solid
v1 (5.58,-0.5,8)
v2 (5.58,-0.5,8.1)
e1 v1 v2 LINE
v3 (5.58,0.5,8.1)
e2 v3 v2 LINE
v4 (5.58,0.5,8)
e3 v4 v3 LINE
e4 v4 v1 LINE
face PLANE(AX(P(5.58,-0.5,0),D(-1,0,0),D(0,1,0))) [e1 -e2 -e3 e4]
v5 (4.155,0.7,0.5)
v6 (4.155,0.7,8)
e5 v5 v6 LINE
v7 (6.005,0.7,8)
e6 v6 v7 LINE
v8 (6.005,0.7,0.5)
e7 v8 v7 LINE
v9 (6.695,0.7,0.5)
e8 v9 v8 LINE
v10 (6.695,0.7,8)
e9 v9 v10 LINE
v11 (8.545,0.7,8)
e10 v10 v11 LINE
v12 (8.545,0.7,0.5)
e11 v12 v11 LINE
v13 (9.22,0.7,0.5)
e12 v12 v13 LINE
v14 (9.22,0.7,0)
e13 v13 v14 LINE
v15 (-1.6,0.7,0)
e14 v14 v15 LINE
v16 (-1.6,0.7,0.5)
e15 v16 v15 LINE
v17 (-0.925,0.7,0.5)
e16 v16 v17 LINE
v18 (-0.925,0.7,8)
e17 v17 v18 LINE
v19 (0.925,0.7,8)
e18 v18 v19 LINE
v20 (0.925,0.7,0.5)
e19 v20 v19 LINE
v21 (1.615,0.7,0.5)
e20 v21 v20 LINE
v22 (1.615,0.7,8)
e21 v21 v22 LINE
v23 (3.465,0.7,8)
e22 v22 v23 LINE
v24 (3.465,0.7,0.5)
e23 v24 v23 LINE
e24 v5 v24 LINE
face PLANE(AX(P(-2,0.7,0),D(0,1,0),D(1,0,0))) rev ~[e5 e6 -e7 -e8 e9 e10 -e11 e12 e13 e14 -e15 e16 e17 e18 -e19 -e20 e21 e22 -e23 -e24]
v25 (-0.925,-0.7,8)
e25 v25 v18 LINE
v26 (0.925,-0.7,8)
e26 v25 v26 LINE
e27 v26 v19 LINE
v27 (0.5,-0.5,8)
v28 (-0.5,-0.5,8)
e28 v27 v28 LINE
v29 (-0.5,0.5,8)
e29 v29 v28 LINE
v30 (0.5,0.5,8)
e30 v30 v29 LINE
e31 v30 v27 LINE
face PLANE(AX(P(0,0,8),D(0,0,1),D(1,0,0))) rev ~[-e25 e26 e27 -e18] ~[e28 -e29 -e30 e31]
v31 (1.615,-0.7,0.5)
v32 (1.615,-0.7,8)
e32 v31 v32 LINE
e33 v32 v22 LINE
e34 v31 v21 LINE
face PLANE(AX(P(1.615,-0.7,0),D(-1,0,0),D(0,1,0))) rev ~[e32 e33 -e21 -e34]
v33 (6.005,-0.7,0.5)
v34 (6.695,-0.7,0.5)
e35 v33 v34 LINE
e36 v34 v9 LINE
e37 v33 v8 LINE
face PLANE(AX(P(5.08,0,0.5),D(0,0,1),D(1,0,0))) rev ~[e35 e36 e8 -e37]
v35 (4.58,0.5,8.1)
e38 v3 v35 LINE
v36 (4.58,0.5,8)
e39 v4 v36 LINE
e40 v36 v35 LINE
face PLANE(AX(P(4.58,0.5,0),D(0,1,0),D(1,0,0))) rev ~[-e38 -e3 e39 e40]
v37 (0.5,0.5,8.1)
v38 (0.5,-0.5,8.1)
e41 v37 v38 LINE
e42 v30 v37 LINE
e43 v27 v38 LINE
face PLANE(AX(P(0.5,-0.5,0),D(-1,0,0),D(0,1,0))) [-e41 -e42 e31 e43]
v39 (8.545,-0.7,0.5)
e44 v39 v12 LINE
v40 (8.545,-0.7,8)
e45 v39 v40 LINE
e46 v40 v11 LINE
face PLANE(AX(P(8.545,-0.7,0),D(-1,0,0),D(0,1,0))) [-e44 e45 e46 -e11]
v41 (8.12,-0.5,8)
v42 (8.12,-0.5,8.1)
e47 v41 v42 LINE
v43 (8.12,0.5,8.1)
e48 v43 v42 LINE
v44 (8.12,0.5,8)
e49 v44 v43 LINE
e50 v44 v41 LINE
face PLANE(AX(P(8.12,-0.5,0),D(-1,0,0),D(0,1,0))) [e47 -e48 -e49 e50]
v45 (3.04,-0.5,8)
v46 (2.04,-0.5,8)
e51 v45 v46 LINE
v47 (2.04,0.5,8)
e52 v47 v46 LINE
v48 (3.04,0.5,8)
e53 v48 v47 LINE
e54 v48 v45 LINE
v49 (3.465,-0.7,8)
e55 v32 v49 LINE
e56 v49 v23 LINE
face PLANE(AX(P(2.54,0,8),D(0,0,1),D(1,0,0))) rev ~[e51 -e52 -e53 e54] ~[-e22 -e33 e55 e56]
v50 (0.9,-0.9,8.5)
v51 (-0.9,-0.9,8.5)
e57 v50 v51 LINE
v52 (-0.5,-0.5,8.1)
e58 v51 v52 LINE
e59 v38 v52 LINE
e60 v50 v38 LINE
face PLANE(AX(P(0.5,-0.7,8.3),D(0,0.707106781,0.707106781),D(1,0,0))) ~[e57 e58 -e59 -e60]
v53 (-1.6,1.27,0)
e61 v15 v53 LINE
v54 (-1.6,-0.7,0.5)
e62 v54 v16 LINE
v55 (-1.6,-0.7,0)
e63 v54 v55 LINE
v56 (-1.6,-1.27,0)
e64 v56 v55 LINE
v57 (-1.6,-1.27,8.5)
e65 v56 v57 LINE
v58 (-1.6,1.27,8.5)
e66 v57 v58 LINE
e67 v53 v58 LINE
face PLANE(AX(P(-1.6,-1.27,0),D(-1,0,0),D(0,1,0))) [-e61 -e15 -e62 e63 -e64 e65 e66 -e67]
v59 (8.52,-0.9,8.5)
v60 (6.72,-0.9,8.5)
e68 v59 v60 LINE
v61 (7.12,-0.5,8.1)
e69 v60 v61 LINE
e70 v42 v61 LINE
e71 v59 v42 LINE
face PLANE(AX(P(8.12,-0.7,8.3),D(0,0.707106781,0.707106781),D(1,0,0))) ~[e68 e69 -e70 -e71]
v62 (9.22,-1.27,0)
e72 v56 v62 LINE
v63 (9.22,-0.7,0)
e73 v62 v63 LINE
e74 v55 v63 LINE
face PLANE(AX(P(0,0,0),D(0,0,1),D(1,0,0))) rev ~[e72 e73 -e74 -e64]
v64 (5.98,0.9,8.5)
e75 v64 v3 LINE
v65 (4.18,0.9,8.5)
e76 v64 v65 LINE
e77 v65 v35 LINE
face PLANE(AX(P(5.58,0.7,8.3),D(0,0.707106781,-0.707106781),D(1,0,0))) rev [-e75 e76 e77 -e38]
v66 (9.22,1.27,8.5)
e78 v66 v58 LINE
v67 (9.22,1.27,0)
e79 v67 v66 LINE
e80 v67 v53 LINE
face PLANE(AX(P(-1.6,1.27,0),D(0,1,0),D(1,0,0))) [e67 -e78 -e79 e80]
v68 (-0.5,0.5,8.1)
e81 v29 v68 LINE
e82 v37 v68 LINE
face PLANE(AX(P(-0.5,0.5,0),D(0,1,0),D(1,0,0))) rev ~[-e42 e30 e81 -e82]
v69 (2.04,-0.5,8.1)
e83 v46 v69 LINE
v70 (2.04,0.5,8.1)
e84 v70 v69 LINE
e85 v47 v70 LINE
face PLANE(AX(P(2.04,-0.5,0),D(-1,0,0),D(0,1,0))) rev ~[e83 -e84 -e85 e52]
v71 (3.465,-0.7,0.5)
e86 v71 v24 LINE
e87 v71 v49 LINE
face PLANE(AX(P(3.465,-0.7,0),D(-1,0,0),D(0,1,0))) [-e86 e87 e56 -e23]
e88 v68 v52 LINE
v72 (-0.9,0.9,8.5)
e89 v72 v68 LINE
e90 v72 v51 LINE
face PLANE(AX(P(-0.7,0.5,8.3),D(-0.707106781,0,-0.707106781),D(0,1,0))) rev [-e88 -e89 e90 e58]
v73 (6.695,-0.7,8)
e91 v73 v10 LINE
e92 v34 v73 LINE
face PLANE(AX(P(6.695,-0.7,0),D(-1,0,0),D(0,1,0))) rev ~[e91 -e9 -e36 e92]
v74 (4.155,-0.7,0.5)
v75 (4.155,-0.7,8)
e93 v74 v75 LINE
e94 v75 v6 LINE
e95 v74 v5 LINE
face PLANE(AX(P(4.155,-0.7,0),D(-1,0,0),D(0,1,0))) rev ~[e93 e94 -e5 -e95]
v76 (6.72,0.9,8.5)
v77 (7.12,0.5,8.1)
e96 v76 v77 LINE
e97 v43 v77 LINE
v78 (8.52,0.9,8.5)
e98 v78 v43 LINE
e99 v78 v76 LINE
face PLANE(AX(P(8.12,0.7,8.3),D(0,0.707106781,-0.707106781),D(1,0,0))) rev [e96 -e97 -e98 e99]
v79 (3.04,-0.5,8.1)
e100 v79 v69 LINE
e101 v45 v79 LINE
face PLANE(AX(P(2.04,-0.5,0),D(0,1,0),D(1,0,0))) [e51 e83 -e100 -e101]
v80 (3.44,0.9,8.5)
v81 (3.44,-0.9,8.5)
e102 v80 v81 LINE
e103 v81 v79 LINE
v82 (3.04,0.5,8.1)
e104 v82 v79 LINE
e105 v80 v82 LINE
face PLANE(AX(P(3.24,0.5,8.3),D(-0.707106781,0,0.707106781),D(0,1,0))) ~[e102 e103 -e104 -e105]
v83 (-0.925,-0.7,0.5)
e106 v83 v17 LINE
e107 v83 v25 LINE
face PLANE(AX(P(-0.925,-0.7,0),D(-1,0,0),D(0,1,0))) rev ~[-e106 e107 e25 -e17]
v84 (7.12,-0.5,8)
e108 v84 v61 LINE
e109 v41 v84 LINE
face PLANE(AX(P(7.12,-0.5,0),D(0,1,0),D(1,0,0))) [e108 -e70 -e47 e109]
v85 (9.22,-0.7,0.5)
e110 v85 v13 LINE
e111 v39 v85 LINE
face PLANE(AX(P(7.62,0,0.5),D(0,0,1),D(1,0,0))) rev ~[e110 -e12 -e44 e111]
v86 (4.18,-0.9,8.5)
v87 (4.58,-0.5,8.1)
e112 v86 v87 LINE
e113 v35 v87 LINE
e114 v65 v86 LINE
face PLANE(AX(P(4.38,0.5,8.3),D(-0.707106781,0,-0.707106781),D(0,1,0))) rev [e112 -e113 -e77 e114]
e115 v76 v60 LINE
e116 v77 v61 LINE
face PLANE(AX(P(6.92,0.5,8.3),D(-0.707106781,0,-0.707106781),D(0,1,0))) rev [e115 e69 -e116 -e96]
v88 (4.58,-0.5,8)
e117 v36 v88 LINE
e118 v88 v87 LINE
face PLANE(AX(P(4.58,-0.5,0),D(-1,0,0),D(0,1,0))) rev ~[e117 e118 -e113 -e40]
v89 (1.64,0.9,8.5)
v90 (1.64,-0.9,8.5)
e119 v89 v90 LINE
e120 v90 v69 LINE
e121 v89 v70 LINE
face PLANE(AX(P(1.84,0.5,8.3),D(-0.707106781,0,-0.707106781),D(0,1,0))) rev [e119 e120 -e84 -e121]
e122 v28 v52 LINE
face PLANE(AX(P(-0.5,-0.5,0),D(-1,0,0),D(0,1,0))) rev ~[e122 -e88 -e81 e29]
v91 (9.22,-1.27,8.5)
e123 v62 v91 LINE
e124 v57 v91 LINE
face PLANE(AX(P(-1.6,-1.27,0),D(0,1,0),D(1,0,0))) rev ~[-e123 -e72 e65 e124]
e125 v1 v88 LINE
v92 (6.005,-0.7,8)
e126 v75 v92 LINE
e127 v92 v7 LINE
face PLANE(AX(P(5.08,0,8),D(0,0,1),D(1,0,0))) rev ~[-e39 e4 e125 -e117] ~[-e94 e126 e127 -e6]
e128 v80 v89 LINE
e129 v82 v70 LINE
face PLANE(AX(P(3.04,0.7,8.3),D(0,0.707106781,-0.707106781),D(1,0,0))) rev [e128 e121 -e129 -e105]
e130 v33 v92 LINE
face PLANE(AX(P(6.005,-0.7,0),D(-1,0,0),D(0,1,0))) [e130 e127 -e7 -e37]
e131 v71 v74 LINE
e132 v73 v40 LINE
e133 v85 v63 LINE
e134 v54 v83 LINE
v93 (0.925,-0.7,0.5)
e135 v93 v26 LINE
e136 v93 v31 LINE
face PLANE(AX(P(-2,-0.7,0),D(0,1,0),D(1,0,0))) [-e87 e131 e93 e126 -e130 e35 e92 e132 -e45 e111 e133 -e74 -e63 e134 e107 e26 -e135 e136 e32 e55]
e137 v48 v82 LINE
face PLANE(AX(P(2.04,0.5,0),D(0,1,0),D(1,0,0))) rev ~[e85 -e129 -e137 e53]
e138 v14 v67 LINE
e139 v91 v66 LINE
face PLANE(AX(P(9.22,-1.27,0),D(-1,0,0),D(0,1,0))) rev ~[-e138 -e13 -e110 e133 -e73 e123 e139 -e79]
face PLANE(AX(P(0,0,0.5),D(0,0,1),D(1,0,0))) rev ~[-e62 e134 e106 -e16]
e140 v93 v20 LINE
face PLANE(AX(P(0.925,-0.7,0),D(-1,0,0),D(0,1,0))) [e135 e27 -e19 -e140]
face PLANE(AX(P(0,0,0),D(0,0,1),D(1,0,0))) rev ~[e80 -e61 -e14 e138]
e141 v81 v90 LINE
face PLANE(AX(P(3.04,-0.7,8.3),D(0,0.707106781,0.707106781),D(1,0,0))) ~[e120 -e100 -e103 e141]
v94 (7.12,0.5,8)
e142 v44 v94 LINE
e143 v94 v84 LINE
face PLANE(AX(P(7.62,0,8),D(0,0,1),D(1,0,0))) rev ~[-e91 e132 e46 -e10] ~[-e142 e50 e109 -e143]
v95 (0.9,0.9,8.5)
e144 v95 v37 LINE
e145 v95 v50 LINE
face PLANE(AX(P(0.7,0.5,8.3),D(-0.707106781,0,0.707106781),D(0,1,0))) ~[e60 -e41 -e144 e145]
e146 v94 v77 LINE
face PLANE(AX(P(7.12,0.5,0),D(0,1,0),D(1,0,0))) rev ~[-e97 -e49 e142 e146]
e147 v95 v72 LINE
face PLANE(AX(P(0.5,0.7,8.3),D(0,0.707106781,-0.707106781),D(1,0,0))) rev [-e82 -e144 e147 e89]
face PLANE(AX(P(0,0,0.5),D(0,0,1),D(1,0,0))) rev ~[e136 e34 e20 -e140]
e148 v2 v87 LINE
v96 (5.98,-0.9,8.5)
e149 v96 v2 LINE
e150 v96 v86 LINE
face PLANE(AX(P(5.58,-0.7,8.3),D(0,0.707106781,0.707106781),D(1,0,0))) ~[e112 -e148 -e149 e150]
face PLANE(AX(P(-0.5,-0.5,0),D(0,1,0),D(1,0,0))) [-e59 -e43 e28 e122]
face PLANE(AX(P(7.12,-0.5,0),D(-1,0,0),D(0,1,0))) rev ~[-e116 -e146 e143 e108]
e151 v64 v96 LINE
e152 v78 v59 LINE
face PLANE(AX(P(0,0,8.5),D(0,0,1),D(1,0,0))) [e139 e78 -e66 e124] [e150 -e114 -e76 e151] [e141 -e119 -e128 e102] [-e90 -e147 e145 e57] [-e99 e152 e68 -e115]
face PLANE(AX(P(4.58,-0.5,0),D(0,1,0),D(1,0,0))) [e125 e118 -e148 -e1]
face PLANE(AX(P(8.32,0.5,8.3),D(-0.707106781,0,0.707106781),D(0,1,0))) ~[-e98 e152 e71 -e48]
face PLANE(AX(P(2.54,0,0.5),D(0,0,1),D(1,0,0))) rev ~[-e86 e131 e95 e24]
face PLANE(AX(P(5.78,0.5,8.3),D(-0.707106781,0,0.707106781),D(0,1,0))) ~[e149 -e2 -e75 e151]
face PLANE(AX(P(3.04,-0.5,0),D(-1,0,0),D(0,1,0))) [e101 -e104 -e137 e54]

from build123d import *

# Parameters (mm, degrees)
SKETCH002_W      = 1
SKETCH002_H      = 1
EXTRUDE002_DEPTH = 9
SKETCH003_W      = 4
SKETCH003_H      = 1.4
EXTRUDE003_DEPTH = 0.5
SKETCH001_W      = 1.85
SKETCH001_H      = 1.4
EXTRUDE001_DEPTH = 8
SKETCH_W         = 3.2
SKETCH_H         = 2.54
EXTRUDE_DEPTH    = 8.5
CHAMFER_SIZE     = 0.4
ARRAY001_X_COUNT = 4
ARRAY001_X_PITCH = 2.54


with BuildPart() as extrude002:
    # Sketch002 → Extrude002 (new body)
    with BuildSketch(Plane.XY):
        Rectangle(SKETCH002_W, SKETCH002_H)
    extrude(amount=EXTRUDE002_DEPTH)


with BuildPart() as extrude003:
    # Sketch003 → Extrude003 (new body)
    with BuildSketch(Plane.XY):
        Rectangle(SKETCH003_W, SKETCH003_H)
    extrude(amount=EXTRUDE003_DEPTH)


with BuildPart() as fusion:
    # Sketch001 → Extrude001 (new body)
    with BuildSketch(Plane.XY):
        Rectangle(SKETCH001_W, SKETCH001_H)
    extrude(amount=EXTRUDE001_DEPTH)

    # Fusion: union Extrude002, Extrude003
    add(extrude002.part)
    add(extrude003.part)


with BuildPart() as body:
    # Sketch → Extrude (new body)
    with BuildSketch(Plane.XY):
        Rectangle(SKETCH_W, SKETCH_H)
    extrude(amount=EXTRUDE_DEPTH)

    # Cut001: cut Fusion
    add(fusion.part, mode=Mode.SUBTRACT)

    # Chamfer
    chamfer_edges = [body.edges().sort_by_distance(p)[0] for p in [
        (0.5, 0, 8.5),
        (0, 0.5, 8.5),
        (-0.5, 0, 8.5),
        (0, -0.5, 8.5),
    ]]
    chamfer(chamfer_edges, length=CHAMFER_SIZE)

    # Array001 X: body ×4


with BuildPart() as body_1:
    add(body.part)
    with Locations(*[(i * ARRAY001_X_PITCH, 0, 0) for i in range(1, ARRAY001_X_COUNT)]):
        add(body.part)


solid = body_1.part
